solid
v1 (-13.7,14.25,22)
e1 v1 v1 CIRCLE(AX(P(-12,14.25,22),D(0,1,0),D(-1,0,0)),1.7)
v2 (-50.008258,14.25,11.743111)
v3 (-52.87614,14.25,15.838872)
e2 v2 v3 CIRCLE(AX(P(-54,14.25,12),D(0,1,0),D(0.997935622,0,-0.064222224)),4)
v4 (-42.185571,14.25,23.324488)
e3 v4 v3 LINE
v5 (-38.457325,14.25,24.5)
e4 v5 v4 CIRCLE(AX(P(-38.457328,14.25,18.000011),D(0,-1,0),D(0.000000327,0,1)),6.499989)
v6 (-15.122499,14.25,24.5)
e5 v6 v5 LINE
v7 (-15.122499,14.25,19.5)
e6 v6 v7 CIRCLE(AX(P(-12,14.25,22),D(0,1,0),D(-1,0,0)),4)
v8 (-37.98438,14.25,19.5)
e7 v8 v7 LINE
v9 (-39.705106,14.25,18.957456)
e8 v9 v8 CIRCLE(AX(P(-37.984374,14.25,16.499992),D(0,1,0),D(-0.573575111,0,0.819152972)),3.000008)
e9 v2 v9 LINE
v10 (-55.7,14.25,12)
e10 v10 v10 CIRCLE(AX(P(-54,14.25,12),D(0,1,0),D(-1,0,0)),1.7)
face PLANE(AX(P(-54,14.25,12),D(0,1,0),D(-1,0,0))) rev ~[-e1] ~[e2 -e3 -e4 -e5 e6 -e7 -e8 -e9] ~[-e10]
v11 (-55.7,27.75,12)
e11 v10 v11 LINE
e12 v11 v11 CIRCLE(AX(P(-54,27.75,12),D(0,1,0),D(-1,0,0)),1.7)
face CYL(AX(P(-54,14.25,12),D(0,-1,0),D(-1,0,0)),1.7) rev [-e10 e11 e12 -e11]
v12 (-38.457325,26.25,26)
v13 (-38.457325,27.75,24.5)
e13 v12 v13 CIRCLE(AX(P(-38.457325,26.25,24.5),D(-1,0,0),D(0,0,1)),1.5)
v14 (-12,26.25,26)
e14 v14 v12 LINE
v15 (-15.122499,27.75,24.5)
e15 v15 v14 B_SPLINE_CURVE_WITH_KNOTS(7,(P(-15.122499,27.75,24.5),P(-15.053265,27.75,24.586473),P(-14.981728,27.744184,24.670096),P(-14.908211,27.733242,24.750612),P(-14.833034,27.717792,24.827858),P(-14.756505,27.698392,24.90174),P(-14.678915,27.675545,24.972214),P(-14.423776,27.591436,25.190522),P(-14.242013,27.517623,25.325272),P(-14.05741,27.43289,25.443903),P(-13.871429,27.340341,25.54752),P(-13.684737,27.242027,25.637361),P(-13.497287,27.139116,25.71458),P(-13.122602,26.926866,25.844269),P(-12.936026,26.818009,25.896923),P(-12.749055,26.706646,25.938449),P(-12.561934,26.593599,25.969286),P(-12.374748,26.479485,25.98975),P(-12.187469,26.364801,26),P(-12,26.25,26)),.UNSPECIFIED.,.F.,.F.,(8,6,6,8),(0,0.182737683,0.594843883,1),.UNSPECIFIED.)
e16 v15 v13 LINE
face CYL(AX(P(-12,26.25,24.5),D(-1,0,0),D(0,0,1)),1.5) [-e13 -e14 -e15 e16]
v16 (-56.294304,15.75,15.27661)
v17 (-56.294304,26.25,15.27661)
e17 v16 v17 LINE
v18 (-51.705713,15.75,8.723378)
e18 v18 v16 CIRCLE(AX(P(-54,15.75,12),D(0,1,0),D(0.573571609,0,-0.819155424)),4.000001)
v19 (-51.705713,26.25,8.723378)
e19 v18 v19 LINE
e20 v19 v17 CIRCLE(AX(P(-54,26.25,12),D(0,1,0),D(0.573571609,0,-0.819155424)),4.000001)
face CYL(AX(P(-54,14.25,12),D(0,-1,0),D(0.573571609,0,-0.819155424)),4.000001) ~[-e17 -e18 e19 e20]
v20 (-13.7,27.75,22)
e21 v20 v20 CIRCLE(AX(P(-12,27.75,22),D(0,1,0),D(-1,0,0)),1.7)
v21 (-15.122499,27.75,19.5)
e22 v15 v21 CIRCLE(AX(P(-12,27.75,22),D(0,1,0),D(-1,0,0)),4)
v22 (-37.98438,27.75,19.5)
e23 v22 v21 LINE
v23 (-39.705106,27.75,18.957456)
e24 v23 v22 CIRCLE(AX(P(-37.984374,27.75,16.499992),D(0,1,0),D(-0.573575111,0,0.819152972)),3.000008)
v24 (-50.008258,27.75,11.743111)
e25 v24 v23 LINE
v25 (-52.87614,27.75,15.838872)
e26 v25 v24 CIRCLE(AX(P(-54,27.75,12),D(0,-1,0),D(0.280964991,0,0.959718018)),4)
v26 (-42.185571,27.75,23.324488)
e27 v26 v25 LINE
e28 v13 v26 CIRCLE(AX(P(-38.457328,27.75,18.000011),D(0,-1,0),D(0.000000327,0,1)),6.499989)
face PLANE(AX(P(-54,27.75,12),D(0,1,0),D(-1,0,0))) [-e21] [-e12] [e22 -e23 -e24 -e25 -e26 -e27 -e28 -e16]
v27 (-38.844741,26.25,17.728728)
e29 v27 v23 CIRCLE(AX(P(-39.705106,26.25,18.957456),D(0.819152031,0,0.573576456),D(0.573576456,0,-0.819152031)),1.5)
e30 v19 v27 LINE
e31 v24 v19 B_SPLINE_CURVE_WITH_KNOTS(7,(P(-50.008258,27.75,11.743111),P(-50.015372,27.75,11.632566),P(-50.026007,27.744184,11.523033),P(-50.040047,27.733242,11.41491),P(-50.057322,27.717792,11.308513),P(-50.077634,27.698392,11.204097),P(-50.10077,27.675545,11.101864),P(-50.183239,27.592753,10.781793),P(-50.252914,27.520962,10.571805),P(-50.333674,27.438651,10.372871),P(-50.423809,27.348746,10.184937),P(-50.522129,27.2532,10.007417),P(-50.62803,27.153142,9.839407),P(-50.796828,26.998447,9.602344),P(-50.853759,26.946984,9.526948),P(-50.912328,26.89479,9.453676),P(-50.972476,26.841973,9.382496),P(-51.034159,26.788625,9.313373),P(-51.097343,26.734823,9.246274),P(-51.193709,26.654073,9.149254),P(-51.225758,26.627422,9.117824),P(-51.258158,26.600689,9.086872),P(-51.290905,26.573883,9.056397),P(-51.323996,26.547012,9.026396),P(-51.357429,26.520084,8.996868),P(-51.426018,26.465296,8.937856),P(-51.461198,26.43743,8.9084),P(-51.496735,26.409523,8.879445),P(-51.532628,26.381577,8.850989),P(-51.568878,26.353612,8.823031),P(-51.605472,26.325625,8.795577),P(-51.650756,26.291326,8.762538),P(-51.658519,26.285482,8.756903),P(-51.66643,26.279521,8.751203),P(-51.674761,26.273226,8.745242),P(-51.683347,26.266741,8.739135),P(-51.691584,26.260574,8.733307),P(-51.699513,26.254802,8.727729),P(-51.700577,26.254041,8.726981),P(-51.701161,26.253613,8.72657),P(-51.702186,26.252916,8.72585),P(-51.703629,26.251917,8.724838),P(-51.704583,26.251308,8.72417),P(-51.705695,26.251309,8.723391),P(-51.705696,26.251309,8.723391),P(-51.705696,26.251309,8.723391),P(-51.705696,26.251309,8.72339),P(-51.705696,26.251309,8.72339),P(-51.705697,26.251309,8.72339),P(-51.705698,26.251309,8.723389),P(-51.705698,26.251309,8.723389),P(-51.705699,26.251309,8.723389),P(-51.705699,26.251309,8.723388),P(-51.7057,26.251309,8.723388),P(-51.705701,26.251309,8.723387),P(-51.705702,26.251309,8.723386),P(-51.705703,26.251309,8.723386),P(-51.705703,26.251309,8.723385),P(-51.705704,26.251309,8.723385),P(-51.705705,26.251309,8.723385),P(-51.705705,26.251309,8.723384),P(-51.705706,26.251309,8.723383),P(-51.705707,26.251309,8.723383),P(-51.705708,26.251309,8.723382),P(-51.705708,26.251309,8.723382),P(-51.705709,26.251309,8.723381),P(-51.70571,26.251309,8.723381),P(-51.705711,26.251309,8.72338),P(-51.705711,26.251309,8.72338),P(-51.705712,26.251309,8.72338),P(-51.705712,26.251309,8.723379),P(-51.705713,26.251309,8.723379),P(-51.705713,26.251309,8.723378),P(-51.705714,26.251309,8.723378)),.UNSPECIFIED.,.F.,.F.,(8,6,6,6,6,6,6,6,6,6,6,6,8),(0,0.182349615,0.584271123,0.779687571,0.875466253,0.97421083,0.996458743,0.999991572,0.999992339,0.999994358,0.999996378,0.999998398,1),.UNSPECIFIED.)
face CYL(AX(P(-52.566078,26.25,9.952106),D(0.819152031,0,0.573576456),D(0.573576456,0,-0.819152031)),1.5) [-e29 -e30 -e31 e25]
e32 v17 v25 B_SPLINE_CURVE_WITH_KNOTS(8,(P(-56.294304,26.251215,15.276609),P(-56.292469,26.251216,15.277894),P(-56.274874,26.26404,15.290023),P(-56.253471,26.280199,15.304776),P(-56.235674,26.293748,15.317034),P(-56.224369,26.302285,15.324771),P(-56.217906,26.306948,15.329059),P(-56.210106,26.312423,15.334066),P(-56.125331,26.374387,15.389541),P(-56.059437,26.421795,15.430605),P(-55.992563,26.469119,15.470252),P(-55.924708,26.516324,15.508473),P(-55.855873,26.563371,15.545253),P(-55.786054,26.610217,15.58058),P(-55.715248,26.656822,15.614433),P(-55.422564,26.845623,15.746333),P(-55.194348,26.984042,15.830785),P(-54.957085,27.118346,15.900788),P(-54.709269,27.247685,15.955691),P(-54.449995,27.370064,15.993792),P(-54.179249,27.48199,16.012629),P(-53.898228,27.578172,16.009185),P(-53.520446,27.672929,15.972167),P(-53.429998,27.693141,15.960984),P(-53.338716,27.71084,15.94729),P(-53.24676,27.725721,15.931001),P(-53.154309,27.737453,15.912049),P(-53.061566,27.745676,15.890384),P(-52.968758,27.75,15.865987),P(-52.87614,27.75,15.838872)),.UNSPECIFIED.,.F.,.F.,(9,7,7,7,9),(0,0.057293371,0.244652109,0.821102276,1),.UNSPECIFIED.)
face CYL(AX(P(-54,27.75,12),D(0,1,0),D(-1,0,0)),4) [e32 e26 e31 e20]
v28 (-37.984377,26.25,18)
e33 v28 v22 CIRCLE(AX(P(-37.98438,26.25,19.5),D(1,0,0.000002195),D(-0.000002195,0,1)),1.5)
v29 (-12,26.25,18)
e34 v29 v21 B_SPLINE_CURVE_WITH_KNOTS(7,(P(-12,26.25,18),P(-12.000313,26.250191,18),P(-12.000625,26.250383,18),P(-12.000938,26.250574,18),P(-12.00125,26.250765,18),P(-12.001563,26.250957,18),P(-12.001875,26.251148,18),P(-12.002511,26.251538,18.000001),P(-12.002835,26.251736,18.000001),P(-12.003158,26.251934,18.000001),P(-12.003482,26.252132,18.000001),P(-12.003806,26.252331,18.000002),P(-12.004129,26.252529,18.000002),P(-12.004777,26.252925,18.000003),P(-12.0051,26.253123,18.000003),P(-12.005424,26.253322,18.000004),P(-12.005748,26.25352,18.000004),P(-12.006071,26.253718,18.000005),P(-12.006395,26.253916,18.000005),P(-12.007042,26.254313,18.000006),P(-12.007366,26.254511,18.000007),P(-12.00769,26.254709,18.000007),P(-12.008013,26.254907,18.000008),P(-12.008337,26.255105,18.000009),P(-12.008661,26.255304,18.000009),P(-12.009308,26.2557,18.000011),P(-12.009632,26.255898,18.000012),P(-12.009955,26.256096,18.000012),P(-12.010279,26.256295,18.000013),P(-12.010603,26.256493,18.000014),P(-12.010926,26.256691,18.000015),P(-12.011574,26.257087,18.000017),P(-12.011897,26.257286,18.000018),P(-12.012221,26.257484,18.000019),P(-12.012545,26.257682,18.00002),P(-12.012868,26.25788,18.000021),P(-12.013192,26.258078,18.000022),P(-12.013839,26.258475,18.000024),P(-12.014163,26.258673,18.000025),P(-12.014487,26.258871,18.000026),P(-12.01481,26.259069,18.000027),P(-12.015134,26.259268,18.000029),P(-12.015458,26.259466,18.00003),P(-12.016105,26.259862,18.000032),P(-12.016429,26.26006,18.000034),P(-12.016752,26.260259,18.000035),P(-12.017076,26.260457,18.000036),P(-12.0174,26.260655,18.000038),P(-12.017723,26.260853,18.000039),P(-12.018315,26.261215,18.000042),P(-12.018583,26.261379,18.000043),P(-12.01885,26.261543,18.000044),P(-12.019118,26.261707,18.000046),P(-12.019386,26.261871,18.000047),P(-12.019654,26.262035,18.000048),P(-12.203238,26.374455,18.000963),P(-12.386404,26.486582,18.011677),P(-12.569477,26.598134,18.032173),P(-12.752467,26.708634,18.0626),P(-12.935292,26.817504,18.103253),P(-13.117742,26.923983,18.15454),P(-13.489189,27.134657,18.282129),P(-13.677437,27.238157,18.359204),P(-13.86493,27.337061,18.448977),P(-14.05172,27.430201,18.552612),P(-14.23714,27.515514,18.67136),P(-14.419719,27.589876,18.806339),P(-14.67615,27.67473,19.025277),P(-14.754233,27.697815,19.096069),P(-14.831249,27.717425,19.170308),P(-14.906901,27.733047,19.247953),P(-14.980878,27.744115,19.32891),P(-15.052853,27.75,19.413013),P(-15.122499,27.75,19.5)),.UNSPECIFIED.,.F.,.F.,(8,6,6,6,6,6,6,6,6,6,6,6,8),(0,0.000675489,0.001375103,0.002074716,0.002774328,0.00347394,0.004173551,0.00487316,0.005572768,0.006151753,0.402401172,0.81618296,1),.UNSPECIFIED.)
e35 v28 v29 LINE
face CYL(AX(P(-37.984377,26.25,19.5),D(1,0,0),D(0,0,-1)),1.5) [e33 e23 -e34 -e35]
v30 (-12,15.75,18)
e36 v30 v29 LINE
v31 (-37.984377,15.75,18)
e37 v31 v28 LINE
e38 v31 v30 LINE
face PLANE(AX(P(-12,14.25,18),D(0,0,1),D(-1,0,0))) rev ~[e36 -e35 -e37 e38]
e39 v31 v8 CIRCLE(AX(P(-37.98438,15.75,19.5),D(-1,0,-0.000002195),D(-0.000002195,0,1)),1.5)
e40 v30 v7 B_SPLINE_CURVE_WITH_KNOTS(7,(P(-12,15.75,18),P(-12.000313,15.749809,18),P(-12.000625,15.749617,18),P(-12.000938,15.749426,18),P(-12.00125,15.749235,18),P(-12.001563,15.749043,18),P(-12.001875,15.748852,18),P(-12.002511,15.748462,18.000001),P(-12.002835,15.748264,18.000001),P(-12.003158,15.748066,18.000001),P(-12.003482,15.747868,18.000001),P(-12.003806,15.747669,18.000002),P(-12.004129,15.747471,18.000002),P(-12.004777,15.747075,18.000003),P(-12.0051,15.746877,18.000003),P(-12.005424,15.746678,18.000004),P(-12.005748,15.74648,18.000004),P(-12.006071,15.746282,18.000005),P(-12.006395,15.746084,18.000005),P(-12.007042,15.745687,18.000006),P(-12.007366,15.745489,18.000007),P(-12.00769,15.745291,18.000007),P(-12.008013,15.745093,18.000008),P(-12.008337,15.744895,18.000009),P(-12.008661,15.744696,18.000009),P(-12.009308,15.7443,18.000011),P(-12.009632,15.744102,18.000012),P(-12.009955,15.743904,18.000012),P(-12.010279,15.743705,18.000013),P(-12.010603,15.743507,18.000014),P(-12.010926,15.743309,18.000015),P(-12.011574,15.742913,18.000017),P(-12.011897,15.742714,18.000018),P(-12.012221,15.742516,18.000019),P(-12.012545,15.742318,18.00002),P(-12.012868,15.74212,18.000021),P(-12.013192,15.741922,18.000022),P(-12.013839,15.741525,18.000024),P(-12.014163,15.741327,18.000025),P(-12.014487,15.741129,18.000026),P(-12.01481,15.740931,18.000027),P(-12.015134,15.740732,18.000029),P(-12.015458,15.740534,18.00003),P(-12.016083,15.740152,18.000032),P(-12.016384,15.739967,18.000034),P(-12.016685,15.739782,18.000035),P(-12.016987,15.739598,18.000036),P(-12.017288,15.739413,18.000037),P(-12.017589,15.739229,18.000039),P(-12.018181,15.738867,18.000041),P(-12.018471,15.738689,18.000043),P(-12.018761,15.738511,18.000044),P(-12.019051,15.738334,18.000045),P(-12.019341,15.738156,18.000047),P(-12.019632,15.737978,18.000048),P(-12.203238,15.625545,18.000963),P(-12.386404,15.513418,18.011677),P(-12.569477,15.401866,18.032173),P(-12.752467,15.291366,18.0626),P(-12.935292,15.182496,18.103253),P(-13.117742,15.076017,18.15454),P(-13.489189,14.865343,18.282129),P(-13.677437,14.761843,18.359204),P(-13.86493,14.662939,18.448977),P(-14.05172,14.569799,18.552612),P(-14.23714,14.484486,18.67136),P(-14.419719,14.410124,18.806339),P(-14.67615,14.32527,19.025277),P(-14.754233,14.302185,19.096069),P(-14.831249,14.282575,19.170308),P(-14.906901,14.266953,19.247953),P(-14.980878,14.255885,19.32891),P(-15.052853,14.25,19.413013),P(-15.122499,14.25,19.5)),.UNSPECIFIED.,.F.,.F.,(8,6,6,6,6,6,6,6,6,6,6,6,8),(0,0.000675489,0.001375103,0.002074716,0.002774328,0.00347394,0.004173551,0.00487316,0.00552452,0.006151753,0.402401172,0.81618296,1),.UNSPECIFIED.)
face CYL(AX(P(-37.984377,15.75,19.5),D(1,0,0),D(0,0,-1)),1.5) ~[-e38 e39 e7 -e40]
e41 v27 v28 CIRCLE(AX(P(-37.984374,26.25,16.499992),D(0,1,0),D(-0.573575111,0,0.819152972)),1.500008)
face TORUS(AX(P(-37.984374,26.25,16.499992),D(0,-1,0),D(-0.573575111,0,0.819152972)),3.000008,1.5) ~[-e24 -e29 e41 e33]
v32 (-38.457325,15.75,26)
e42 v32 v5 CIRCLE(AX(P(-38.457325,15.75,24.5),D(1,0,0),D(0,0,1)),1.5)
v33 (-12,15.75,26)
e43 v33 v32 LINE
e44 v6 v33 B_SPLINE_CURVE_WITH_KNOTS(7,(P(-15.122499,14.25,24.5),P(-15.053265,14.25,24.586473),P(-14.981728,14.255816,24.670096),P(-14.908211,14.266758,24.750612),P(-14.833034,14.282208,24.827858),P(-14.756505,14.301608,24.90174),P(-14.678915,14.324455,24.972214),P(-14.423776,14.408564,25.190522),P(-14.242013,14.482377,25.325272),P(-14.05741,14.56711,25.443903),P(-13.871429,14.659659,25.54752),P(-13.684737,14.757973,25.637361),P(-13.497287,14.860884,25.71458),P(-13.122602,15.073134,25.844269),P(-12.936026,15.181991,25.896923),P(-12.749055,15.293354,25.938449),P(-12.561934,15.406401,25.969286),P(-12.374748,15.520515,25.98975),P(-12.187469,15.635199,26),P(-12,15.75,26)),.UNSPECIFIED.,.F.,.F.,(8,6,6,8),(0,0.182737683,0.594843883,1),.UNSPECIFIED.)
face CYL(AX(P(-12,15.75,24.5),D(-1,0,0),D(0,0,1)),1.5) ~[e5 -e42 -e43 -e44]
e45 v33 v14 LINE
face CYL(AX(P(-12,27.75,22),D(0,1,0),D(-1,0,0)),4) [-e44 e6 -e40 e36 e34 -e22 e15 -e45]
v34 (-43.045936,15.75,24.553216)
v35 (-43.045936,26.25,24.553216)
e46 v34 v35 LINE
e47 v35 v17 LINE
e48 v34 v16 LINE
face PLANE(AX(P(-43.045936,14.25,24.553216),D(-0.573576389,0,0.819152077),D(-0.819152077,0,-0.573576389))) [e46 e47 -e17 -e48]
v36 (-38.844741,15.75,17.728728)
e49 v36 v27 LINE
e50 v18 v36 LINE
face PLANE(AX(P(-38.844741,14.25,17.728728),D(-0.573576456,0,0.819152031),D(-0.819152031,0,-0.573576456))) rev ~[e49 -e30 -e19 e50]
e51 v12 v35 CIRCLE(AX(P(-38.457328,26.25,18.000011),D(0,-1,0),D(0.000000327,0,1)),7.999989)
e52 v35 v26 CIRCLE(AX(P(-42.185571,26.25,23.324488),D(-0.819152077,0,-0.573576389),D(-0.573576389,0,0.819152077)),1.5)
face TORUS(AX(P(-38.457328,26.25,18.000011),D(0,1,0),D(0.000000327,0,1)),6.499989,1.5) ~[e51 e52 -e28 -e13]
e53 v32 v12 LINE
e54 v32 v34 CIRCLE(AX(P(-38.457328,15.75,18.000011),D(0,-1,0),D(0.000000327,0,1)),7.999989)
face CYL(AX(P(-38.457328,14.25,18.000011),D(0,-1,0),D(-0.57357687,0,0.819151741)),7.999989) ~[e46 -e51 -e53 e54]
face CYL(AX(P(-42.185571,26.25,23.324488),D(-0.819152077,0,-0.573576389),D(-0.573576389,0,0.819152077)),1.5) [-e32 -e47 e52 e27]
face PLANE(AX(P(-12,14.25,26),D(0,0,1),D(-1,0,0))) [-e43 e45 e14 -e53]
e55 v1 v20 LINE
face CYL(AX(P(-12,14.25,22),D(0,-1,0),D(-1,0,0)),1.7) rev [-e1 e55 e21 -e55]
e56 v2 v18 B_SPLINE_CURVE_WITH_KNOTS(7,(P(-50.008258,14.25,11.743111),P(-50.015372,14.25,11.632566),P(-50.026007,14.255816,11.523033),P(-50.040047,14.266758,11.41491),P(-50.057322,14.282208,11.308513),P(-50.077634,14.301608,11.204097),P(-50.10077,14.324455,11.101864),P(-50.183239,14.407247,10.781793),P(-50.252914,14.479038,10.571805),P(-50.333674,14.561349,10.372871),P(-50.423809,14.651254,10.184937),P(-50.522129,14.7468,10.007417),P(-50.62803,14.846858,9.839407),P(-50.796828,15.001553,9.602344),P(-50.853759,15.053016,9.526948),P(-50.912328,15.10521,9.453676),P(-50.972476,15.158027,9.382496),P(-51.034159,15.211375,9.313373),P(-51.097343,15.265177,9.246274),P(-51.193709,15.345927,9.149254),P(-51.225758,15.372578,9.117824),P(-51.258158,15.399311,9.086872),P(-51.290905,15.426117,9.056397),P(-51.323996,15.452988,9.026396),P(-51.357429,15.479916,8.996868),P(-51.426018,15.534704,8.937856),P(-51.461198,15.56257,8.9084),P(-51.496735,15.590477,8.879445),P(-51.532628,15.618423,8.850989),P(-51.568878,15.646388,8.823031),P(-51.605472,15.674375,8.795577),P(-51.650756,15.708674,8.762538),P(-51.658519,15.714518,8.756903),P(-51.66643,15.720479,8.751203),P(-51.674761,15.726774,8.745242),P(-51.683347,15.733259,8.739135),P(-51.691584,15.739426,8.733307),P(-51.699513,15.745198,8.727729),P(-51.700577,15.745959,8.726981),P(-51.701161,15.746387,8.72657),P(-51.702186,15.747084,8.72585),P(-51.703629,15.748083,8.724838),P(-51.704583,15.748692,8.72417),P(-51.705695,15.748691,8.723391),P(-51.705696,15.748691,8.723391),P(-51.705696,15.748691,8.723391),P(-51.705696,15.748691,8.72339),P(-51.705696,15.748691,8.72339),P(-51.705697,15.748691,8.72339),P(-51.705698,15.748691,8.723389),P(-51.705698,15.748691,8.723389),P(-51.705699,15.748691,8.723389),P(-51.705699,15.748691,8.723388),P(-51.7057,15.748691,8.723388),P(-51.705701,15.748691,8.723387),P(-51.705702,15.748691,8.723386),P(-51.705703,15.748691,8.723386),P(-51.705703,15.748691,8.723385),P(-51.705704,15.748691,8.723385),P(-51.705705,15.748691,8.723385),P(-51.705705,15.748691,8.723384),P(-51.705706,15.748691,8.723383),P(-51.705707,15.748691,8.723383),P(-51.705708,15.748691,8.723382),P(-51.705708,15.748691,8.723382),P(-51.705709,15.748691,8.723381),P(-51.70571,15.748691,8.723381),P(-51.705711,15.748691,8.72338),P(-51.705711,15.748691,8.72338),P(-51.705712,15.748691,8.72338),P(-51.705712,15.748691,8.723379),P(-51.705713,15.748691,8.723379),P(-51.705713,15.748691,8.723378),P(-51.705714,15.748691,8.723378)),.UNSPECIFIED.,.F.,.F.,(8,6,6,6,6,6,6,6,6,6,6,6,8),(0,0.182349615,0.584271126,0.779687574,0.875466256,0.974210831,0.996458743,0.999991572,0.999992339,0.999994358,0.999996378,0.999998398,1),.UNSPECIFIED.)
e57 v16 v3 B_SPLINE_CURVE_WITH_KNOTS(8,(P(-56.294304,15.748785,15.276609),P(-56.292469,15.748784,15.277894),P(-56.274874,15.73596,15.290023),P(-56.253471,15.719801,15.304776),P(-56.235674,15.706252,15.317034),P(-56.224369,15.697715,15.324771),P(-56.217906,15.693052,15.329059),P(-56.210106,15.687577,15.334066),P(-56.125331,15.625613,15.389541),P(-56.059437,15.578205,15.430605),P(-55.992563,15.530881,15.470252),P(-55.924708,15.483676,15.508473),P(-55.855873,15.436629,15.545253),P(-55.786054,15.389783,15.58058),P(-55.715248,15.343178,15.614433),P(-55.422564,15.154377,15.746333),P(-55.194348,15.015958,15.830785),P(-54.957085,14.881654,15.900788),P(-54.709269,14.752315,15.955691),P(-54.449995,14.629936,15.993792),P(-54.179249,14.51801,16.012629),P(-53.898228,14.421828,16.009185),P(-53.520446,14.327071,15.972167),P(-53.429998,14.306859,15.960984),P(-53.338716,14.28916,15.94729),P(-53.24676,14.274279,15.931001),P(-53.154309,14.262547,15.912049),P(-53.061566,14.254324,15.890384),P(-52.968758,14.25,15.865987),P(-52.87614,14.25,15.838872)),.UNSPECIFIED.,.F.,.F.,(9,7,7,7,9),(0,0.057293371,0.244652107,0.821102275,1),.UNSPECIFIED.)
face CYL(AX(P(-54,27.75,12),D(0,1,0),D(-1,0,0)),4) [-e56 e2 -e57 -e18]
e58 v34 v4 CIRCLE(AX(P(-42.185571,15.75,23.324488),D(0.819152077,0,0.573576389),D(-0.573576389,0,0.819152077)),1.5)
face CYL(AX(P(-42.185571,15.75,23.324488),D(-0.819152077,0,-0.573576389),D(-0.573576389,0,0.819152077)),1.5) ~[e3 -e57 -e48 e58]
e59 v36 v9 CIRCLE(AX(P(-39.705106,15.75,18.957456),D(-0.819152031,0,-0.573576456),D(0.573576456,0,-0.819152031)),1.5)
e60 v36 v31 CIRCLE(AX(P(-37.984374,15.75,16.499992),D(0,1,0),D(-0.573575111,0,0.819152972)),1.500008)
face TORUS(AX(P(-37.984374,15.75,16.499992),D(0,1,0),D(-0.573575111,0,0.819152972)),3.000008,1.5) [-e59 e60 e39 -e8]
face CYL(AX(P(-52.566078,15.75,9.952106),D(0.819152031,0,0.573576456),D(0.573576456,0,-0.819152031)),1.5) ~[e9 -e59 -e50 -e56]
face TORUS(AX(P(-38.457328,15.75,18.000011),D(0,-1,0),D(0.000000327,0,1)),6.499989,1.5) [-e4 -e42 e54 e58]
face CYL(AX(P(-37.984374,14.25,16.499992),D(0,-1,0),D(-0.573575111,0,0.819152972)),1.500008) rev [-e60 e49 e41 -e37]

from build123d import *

# Parameters (mm, degrees)
SKETCH007_R   = 1.7
PAD019_DEPTH  = 13.5
FILLET006_R   = 1.5
SKETCH035_R   = 4
SKETCH035_R_2 = 1.7
PAD020_DEPTH  = 13.5


with BuildPart() as part:
    # Sketch007 → Pad019 (new body)
    with BuildSketch(Plane(origin=(0, 19.25, 0), x_dir=(-1, 0, 0), z_dir=(0, 1, 0))):
        with BuildLine():
            ThreePointArc((12, 26), (8, 22), (12, 18))
            Line((12, 18), (37.984377, 18))
            ThreePointArc((38.844741, 17.728728), (38.435435, 17.930575), (37.984377, 18))
            Line((38.844741, 17.728728), (51.705713, 8.723378))
            ThreePointArc((51.705713, 8.723378), (57.276616, 9.705705), (56.294304, 15.27661))
            Line((43.045936, 24.553216), (56.294304, 15.27661))
            ThreePointArc((43.045936, 24.553216), (40.862971, 25.629736), (38.457325, 26))
            Line((12, 26), (38.457325, 26))
        make_face()
        with Locations((12, 22)):
            Circle(SKETCH007_R, mode=Mode.SUBTRACT)
        with Locations((54, 12)):
            Circle(SKETCH007_R, mode=Mode.SUBTRACT)
    extrude(amount=PAD019_DEPTH)

    # Fillet006
    fillet006_edges = [part.edges().sort_by_distance(p)[0] for p in [
        (-49.67012, 32.75, 19.914913),
        (-49.67012, 19.25, 19.914913),
    ]]
    fillet(fillet006_edges, radius=FILLET006_R)

    # Sketch035 (on Face12 of Fillet006) → Pad020 (join)
    with BuildSketch(Plane(origin=(0, 32.75, 0), x_dir=(-1, 0, 0), z_dir=(0, 1, 0))):
        with Locations((54, 12)):
            Circle(SKETCH035_R)
        with Locations((54, 12)):
            Circle(SKETCH035_R_2, mode=Mode.SUBTRACT)
        with Locations((12, 22)):
            Circle(SKETCH035_R)
        with Locations((12, 22)):
            Circle(SKETCH035_R_2, mode=Mode.SUBTRACT)
    extrude(amount=-PAD020_DEPTH)


with BuildPart() as part_1:
    # Body002 placement: moved
    add(part.part.moved(Location((0, -5, 0))))


solid = part_1.part
